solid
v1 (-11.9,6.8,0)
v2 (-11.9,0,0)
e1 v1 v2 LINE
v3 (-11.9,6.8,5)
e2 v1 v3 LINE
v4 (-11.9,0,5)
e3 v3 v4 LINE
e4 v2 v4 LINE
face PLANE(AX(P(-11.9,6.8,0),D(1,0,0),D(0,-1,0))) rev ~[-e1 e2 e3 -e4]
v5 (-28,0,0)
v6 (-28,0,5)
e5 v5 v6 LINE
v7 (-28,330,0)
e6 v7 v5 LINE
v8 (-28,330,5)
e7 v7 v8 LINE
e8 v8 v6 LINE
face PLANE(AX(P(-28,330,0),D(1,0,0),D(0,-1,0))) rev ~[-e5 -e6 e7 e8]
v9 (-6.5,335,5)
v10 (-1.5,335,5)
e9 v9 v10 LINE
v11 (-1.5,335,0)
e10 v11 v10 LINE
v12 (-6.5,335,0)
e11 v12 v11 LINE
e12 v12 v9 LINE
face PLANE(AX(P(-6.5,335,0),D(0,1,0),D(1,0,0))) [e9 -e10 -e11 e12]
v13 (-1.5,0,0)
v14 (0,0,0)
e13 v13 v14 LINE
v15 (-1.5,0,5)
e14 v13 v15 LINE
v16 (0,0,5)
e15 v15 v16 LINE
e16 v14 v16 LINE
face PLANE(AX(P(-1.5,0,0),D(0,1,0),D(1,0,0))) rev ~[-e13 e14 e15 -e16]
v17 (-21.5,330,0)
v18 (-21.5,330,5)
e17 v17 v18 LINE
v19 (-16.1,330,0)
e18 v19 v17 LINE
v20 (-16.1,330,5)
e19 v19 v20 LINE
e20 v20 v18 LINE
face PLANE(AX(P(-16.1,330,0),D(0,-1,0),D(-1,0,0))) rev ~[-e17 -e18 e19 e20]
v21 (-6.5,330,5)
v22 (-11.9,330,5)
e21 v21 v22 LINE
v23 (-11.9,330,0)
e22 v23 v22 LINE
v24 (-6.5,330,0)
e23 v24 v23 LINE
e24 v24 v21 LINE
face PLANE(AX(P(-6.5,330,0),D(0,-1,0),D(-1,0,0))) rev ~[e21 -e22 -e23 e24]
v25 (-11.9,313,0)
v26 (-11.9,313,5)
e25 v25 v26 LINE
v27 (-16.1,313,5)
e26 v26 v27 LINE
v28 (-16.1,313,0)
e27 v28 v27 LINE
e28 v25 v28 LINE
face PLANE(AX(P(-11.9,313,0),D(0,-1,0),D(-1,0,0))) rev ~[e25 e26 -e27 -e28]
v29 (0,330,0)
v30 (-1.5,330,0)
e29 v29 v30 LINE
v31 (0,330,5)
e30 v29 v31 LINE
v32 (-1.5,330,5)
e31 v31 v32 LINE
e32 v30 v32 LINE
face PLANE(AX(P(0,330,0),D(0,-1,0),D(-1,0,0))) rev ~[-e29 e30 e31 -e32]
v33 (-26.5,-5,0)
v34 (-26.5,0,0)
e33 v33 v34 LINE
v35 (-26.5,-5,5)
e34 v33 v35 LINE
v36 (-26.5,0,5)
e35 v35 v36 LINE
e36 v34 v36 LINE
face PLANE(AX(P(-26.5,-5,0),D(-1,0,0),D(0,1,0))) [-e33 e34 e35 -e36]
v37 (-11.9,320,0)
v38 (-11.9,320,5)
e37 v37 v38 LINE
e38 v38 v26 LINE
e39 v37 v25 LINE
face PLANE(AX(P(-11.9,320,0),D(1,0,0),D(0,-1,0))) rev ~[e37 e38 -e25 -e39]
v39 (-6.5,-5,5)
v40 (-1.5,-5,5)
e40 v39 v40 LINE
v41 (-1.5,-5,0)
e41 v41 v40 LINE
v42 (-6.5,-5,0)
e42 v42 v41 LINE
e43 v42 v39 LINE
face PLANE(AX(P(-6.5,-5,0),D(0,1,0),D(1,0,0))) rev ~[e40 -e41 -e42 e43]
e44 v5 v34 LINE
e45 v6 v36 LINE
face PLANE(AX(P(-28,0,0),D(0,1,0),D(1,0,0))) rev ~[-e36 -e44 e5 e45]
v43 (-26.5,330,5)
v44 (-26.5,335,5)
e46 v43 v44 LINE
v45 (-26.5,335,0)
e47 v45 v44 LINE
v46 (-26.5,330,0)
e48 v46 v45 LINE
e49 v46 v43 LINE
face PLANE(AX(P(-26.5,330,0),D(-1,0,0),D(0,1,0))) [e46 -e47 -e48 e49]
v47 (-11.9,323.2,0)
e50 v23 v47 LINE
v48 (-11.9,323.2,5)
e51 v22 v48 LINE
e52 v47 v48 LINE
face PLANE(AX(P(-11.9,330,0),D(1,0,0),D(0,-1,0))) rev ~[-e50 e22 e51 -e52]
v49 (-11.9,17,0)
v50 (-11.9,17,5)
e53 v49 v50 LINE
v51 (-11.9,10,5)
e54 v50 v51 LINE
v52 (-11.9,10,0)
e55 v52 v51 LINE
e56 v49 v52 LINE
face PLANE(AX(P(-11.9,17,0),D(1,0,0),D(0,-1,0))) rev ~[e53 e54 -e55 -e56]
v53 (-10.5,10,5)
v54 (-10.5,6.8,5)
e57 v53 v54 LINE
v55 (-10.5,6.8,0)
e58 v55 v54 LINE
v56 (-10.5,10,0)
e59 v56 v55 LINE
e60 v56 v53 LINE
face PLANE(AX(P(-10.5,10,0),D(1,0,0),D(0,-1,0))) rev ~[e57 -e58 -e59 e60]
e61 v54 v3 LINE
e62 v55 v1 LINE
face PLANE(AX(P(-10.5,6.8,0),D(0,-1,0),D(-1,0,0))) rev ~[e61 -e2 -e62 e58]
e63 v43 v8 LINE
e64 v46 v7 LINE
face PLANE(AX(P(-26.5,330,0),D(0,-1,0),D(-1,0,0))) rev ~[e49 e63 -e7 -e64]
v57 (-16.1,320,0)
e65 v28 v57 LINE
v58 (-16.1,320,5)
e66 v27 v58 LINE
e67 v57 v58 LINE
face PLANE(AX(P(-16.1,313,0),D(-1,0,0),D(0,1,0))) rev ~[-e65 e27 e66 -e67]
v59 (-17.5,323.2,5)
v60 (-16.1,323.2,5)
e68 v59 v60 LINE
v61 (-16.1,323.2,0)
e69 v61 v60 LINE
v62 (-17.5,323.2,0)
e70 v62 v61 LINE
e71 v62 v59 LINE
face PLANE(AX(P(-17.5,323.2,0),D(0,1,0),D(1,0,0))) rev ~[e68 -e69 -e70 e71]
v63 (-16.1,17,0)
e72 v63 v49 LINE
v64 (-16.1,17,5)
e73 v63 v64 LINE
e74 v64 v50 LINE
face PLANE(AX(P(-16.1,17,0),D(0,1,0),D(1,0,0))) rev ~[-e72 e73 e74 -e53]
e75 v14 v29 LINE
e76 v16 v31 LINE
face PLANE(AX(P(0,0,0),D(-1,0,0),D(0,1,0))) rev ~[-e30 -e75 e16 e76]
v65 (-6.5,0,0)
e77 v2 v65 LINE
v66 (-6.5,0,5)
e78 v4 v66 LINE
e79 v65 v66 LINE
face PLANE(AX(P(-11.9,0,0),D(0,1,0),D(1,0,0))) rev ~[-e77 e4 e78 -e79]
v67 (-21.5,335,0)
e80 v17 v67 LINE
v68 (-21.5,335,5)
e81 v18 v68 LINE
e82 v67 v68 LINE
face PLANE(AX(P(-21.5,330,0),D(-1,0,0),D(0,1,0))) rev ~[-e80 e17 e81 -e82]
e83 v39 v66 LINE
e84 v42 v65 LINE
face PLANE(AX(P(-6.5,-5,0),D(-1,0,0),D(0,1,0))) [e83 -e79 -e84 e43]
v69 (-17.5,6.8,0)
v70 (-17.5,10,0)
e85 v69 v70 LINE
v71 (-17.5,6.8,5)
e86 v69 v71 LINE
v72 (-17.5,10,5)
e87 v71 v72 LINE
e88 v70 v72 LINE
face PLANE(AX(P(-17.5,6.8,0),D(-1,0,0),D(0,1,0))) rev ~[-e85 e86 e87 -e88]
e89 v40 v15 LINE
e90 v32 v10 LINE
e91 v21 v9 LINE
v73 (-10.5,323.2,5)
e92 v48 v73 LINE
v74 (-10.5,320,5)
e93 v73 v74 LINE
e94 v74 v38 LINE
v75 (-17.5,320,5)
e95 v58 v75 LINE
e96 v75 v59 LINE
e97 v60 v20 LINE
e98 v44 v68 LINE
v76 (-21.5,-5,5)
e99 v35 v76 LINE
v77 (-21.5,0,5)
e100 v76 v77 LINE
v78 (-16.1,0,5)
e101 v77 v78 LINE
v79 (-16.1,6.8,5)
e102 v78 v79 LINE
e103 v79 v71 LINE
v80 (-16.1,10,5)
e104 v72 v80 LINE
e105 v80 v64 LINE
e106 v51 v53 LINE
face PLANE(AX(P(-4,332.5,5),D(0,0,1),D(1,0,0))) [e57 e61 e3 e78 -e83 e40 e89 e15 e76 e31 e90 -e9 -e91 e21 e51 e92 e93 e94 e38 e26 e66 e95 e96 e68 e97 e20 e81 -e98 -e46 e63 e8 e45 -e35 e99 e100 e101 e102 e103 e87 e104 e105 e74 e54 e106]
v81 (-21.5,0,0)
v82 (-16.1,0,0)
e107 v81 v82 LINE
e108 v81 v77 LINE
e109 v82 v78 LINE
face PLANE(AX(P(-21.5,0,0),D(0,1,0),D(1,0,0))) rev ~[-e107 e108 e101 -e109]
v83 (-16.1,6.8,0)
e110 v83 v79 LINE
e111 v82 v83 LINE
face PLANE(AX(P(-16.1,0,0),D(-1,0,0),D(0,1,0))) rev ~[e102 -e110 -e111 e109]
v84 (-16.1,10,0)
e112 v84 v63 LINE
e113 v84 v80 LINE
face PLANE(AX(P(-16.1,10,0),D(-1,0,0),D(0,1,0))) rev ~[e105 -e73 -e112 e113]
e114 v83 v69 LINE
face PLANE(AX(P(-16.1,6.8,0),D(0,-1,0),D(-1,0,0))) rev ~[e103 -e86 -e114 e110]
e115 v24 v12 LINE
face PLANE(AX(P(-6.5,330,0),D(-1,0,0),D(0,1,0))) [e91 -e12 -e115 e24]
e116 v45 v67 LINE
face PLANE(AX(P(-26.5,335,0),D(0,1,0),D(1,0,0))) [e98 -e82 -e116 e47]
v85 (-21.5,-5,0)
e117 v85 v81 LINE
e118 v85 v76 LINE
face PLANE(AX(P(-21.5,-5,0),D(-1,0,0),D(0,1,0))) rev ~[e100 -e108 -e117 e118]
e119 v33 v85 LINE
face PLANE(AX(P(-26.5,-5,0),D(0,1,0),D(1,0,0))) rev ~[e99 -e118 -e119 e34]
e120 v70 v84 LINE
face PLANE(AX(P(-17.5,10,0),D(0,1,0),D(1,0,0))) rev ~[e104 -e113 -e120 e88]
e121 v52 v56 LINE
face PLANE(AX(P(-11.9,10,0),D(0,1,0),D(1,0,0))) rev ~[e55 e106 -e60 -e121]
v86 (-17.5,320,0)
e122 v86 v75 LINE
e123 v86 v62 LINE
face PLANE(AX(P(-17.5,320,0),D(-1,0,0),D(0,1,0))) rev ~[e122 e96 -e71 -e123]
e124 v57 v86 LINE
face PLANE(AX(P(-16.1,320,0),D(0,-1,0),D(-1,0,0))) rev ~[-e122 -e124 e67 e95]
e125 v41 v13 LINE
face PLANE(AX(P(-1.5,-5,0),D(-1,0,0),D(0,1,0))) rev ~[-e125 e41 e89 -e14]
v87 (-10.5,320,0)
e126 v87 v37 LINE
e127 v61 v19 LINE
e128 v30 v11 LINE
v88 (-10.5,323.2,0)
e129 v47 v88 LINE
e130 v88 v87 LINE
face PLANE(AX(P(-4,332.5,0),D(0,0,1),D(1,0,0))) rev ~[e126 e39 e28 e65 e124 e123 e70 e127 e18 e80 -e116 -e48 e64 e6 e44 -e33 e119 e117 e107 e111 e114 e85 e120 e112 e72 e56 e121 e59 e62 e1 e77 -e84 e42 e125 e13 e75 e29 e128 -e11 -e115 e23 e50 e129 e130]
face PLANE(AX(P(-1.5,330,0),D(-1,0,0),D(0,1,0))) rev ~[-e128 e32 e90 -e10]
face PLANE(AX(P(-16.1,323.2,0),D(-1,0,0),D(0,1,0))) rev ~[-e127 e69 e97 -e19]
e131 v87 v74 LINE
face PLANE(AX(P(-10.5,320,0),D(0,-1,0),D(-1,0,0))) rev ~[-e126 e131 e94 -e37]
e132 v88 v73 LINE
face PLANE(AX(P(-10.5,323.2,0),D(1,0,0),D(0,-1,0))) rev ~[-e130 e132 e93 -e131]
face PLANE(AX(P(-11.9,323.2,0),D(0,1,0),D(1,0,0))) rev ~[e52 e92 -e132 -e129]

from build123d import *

# Parameters (mm, degrees)
SKETCH1_W           = 5
SKETCH1_H           = 5
BOSS_EXTRUDE1_DEPTH = 5


with BuildPart() as part:
    # Sketch1 → Boss-Extrude1 (new body)
    with BuildSketch(Plane.XY):
        with Locations((-4, 332.5)):
            Rectangle(SKETCH1_W, SKETCH1_H)
        with Locations((-24, 332.5)):
            Rectangle(SKETCH1_W, SKETCH1_H)
        Polygon((-26.5, 330), (-28, 330), (-28, 0), (-26.5, 0), (-21.5, 0), (-16.1, 0), (-16.1, 6.8), (-17.5, 6.8), (-17.5, 10), (-16.1, 10), (-16.1, 17), (-11.9, 17), (-11.9, 10), (-10.5, 10), (-10.5, 6.8), (-11.9, 6.8), (-11.9, 0), (-6.5, 0), (-1.5, 0), (0, 0), (0, 330), (-1.5, 330), (-6.5, 330), (-11.9, 330), (-11.9, 323.2), (-10.5, 323.2), (-10.5, 320), (-11.9, 320), (-11.9, 313), (-16.1, 313), (-16.1, 320), (-17.5, 320), (-17.5, 323.2), (-16.1, 323.2), (-16.1, 330), (-21.5, 330), align=None)
        with Locations((-4, -2.5)):
            Rectangle(SKETCH1_W, SKETCH1_H)
        with Locations((-24, -2.5)):
            Rectangle(SKETCH1_W, SKETCH1_H)
    extrude(amount=BOSS_EXTRUDE1_DEPTH)


solid = part.part
